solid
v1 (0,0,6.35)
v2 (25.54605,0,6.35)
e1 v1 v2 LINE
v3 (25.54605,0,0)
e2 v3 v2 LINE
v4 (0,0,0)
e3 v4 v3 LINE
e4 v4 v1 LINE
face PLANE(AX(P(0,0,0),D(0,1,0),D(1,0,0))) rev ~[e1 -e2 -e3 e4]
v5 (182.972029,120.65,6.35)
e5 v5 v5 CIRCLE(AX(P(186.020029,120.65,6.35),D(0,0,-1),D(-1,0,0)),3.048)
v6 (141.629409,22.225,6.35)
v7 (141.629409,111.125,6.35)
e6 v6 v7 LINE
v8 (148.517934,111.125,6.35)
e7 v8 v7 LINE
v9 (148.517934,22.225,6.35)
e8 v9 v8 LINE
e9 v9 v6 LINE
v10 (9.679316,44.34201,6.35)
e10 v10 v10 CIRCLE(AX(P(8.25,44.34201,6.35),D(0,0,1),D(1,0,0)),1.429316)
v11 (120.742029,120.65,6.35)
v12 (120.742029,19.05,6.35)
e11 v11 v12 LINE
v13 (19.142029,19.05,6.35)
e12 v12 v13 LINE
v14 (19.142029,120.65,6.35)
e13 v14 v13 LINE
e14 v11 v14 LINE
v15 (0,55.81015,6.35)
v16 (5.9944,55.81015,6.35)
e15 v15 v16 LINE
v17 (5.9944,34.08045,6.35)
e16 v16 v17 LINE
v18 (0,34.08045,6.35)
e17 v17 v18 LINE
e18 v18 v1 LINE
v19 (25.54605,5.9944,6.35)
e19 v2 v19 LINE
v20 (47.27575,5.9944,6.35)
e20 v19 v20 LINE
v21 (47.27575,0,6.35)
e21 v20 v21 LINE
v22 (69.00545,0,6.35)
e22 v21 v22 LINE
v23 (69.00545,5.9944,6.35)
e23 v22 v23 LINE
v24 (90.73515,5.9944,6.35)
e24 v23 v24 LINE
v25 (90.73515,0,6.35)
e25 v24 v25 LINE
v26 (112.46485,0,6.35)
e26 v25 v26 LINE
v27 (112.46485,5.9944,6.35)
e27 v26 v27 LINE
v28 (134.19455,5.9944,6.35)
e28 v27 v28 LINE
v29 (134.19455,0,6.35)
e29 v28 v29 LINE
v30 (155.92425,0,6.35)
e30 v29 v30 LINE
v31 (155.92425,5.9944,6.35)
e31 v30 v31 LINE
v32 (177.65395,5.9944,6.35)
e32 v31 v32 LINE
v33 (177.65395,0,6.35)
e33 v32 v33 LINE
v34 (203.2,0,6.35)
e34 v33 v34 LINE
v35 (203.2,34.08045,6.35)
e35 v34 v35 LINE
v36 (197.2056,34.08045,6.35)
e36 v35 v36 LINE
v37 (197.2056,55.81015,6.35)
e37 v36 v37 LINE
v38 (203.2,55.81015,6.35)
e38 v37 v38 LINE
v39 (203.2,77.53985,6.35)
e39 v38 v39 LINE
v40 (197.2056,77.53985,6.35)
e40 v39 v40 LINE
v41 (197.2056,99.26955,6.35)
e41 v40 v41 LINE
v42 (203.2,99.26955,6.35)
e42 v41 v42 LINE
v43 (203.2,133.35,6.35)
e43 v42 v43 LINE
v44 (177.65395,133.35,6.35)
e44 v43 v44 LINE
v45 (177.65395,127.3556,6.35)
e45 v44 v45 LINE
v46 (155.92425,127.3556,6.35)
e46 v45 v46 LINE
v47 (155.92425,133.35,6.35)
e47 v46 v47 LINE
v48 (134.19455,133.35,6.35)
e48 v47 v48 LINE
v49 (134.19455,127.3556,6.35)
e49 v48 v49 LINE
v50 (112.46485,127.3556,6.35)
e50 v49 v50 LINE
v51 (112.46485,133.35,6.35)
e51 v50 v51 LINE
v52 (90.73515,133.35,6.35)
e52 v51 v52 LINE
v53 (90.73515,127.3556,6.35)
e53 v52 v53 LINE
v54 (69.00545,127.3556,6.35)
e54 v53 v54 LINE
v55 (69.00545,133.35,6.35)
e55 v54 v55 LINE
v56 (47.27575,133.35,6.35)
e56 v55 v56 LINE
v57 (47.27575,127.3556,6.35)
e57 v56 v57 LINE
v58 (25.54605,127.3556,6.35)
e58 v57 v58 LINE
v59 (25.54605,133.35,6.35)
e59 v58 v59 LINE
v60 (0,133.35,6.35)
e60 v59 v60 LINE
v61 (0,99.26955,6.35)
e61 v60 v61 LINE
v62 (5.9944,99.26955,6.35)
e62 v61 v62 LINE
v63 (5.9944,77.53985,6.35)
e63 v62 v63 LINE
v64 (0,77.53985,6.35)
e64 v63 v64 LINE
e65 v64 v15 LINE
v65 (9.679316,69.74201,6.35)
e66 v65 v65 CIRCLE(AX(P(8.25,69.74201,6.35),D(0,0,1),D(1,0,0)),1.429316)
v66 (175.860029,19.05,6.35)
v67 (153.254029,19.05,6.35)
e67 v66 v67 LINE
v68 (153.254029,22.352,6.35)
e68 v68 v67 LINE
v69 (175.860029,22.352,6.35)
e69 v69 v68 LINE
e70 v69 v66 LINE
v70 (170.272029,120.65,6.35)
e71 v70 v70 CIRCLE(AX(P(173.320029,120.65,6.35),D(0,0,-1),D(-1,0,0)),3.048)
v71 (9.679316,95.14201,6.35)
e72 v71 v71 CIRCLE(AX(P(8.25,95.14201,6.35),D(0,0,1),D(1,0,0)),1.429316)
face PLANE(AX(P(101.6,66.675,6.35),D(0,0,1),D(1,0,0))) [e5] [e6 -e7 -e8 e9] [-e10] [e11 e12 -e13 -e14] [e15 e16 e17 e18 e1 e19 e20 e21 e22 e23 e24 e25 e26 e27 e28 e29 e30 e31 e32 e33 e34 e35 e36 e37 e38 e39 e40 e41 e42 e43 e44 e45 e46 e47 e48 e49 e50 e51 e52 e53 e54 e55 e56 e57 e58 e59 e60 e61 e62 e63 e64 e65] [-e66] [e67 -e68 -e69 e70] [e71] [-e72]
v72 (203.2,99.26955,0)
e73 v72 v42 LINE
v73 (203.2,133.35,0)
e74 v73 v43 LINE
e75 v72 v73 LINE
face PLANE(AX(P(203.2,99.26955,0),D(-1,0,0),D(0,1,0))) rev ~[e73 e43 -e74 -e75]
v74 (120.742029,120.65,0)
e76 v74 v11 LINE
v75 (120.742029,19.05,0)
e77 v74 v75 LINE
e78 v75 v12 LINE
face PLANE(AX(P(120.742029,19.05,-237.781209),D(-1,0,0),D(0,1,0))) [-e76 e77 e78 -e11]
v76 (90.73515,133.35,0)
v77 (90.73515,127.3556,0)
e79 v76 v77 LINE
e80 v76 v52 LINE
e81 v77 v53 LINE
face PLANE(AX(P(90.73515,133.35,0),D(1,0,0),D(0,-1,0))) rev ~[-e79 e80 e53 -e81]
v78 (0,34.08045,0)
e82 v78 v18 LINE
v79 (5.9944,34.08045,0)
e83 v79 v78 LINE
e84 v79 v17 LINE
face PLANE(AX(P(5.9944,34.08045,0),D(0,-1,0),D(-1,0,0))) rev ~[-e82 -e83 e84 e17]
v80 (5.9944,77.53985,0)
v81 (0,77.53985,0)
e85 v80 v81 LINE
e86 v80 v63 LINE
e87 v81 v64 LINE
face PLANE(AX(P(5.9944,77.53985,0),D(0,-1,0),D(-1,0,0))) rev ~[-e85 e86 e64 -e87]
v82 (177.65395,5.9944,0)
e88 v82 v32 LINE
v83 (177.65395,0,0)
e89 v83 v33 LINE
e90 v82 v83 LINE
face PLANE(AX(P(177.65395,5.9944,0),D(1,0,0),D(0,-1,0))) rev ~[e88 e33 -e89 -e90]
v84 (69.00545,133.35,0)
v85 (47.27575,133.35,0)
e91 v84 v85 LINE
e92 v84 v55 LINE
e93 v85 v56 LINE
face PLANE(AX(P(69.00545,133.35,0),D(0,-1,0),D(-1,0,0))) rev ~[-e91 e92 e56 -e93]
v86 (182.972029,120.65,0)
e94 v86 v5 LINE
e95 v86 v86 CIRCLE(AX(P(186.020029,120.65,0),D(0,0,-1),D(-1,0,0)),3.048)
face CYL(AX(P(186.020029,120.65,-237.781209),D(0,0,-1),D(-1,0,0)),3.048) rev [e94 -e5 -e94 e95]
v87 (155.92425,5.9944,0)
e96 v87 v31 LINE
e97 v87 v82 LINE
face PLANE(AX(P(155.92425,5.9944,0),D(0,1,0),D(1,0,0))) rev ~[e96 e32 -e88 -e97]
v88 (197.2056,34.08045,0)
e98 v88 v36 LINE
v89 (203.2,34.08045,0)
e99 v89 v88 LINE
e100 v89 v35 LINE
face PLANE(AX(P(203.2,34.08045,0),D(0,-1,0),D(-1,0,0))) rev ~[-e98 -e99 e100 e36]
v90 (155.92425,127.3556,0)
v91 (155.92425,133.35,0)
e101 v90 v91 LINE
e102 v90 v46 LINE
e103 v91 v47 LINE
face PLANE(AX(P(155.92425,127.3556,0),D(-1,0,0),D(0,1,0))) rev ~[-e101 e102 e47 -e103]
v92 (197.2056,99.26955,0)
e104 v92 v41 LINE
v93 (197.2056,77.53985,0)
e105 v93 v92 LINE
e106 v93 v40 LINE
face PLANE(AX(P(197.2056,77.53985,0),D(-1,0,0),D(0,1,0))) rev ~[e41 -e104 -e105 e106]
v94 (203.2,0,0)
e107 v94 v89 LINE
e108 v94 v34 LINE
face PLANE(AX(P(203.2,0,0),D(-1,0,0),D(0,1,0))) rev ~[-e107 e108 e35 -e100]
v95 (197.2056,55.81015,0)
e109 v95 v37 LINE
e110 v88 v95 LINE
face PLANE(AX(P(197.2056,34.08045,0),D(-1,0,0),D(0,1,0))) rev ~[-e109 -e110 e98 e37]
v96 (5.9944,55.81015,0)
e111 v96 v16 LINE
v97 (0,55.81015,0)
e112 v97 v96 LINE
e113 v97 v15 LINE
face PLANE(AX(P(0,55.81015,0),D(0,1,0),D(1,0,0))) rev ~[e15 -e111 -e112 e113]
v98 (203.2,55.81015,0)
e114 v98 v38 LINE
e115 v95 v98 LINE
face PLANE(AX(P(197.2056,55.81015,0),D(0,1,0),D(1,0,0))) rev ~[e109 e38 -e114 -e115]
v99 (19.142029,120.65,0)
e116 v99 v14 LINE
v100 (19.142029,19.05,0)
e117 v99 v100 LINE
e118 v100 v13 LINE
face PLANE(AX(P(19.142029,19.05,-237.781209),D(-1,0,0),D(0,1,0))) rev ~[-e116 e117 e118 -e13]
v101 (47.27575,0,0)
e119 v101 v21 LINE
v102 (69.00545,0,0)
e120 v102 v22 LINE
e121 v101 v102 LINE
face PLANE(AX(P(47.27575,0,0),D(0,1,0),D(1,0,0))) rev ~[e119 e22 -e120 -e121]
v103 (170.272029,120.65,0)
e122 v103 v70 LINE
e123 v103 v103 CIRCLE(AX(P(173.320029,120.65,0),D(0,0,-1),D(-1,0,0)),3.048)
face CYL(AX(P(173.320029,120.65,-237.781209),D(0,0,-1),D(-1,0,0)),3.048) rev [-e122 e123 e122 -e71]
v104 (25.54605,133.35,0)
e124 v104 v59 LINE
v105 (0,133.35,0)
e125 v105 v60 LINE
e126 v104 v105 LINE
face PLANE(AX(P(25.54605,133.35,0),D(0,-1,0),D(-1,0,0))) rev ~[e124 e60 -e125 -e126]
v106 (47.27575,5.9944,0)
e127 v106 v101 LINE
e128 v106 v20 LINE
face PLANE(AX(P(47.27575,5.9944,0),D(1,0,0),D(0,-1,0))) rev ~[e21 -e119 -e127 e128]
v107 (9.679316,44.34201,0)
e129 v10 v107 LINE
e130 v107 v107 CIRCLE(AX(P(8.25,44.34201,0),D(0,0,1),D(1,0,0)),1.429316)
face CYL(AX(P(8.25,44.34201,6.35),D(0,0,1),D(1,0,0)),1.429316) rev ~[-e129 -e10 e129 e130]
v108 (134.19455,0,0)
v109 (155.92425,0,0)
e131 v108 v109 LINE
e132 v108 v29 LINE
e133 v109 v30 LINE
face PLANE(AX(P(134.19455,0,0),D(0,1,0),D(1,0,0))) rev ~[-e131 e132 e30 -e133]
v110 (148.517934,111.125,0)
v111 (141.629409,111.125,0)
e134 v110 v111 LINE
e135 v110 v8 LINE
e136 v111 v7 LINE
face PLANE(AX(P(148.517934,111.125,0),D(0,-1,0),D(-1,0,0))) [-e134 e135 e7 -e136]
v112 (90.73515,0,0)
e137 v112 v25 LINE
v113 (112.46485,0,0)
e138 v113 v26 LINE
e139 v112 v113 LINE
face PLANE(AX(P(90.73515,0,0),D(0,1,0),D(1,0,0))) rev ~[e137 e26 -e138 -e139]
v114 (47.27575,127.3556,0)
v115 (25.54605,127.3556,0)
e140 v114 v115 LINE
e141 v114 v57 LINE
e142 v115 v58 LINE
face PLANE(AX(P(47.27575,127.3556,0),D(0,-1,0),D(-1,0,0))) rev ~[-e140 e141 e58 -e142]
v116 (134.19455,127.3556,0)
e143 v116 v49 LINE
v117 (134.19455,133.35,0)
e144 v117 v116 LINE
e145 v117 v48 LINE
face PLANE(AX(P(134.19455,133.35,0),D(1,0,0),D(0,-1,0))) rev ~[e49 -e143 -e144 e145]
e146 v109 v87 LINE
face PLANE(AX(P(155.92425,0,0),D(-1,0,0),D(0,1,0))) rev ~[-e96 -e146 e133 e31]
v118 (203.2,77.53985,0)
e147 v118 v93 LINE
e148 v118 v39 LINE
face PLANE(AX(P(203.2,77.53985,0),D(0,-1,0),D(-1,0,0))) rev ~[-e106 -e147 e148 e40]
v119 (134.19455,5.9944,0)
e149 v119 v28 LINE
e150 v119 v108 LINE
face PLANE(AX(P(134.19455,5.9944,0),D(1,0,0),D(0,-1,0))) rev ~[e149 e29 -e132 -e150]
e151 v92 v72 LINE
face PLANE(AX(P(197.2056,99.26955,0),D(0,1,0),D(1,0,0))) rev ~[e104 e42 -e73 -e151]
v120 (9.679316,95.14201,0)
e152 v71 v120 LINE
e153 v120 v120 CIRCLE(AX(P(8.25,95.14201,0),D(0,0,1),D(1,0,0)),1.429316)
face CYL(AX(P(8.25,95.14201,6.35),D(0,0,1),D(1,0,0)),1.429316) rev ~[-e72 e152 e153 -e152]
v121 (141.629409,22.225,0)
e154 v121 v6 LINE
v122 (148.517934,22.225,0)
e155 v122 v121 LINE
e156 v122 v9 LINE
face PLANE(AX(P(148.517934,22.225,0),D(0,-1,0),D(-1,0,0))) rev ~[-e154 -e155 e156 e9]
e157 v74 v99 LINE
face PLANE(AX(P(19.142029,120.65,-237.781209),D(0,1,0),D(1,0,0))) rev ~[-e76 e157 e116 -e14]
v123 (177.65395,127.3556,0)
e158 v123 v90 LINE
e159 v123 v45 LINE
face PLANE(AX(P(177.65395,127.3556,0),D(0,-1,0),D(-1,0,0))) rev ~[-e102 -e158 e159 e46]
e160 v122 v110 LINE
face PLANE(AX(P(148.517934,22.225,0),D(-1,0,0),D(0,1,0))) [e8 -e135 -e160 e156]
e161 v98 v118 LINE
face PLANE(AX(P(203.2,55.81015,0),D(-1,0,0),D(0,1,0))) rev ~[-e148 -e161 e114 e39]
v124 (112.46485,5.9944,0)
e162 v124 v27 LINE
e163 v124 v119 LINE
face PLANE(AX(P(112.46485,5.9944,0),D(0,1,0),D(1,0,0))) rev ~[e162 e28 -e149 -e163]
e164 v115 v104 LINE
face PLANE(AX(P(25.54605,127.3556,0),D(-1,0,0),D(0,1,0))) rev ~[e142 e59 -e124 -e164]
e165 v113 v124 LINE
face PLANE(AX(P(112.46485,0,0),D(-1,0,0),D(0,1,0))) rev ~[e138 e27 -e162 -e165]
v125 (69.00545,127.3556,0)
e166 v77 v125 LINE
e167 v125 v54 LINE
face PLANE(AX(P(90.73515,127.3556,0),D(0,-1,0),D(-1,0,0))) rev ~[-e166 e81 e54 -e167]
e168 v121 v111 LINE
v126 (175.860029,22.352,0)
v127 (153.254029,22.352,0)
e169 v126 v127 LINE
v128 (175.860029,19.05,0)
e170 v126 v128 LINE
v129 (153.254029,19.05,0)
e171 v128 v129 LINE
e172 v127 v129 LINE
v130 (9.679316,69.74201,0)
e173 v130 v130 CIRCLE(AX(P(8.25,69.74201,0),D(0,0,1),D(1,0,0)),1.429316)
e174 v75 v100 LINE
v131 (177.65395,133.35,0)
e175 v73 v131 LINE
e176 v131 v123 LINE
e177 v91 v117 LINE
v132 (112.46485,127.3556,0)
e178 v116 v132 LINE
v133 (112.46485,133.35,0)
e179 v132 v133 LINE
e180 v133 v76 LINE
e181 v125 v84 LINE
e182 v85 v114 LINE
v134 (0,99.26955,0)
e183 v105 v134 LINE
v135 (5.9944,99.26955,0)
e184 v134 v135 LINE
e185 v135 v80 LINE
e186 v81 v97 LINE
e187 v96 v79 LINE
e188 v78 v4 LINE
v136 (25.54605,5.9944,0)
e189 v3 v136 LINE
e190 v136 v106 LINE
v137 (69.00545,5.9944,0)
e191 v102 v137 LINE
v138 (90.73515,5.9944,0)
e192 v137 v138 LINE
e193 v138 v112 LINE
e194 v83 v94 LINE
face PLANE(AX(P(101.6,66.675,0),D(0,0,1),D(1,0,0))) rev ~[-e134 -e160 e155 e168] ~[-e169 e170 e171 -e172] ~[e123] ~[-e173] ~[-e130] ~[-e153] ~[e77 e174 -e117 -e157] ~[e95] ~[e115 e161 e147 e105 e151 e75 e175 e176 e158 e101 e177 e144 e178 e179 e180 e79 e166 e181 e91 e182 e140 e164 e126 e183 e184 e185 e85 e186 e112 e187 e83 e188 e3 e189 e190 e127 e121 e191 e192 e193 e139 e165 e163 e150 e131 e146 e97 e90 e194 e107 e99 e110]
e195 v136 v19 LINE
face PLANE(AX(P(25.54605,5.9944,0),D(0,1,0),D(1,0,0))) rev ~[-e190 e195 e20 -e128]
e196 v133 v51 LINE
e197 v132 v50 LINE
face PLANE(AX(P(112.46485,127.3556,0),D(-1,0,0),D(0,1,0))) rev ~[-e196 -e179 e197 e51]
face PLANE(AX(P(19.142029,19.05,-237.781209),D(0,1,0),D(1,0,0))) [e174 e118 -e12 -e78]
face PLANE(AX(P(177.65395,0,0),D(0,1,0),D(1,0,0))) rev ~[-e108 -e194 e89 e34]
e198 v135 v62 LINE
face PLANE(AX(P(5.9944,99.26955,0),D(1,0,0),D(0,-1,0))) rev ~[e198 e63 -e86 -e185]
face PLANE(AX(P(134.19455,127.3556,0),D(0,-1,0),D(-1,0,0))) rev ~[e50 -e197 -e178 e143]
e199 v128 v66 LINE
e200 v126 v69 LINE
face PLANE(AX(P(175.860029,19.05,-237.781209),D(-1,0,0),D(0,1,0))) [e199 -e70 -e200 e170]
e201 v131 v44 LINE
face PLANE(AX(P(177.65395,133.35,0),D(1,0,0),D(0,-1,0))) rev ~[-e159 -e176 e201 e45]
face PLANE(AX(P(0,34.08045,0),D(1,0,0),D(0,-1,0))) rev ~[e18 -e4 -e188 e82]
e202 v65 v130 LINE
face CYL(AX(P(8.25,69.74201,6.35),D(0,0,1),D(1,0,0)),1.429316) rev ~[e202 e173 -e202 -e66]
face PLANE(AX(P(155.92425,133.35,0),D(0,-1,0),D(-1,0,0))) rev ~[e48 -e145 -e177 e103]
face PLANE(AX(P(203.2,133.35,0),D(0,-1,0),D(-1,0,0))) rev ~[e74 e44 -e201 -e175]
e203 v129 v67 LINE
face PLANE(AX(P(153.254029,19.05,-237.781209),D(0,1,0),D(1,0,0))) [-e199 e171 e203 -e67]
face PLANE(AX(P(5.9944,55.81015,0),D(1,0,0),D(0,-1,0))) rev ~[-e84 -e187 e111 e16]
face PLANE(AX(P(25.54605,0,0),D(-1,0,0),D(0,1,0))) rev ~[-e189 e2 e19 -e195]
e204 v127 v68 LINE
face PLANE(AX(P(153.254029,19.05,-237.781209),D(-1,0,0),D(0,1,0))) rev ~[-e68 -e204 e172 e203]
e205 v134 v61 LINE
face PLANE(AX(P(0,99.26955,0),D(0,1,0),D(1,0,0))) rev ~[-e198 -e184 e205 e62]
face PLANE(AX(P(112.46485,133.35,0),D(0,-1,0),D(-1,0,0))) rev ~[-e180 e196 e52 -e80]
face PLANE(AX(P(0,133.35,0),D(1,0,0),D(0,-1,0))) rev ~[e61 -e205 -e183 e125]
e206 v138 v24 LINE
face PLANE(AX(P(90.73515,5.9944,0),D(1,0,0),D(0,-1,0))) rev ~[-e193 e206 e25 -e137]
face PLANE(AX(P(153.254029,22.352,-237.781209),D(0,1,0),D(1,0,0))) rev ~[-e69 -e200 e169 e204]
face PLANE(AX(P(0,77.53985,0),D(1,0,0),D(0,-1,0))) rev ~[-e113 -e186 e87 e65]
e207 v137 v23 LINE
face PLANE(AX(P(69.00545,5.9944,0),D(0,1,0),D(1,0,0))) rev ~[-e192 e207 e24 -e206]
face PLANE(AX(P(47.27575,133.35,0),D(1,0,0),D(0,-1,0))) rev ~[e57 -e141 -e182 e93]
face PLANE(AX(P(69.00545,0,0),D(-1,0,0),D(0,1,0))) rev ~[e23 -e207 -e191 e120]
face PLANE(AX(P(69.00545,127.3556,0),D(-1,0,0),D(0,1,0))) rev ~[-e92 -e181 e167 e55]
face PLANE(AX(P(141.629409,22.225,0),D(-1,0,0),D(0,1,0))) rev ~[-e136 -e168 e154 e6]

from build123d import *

# Parameters (mm, degrees)
BOSS_EXTRUDE1_DEPTH     = 6.35
CUT_EXTRUDE1_DEPTH      = 244.131209432
CUT_EXTRUDE1_DEPTH_BACK = 244.131209432
SKETCH4_W               = 101.6
SKETCH4_H               = 101.6
SKETCH4_W_2             = 22.606
SKETCH4_H_2             = 3.302
SKETCH5_W               = 6.888524177
SKETCH5_H               = 88.9
CUT_EXTRUDE2_DEPTH      = 6.35
SKETCH6_R               = 1.429315601
CUT_EXTRUDE3_DEPTH      = 13.97


with BuildPart() as part:
    # Sketch3 → Boss-Extrude1 (new body)
    with BuildSketch(Plane.XY):
        Polygon((0, 77.53985), (0, 55.81015), (5.9944, 55.81015), (5.9944, 34.08045), (0, 34.08045), (0, 12.35075), (0, 0), (25.54605, 0), (25.54605, 5.9944), (47.27575, 5.9944), (47.27575, 0), (69.00545, 0), (69.00545, 5.9944), (90.73515, 5.9944), (90.73515, 0), (112.46485, 0), (112.46485, 5.9944), (134.19455, 5.9944), (134.19455, 0), (155.92425, 0), (155.92425, 5.9944), (177.65395, 5.9944), (177.65395, 0), (203.2, 0), (203.2, 34.08045), (197.2056, 34.08045), (197.2056, 55.81015), (203.2, 55.81015), (203.2, 77.53985), (197.2056, 77.53985), (197.2056, 99.26955), (203.2, 99.26955), (203.2, 120.99925), (203.2, 133.35), (177.65395, 133.35), (177.65395, 127.3556), (155.92425, 127.3556), (155.92425, 133.35), (134.19455, 133.35), (134.19455, 127.3556), (112.46485, 127.3556), (112.46485, 133.35), (90.73515, 133.35), (90.73515, 127.3556), (69.00545, 127.3556), (69.00545, 133.35), (47.27575, 133.35), (47.27575, 127.3556), (25.54605, 127.3556), (25.54605, 133.35), (0, 133.35), (0, 99.26955), (5.9944, 99.26955), (5.9944, 77.53985), align=None)
    extrude(amount=BOSS_EXTRUDE1_DEPTH)

    # Sketch4 → Cut-Extrude1 (cut, two sides: drawn at the far end of the back side and taken through both)
    with BuildSketch(Plane.XY.offset(6.35).offset(-CUT_EXTRUDE1_DEPTH_BACK)):
        with Locations((69.942028986, 69.85)):
            Rectangle(SKETCH4_W, SKETCH4_H)
        with BuildLine():
            ThreePointArc((189.068028986, 120.65), (186.020028986, 123.698), (182.972028986, 120.65))
            Line((182.972028986, 120.65), (189.068028986, 120.65))
        make_face()
        with BuildLine():
            Line((189.068028986, 120.65), (182.972028986, 120.65))
            ThreePointArc((182.972028986, 120.65), (186.020028986, 117.602), (189.068028986, 120.65))
        make_face()
        with BuildLine():
            ThreePointArc((176.368028986, 120.65), (173.320028986, 123.698), (170.272028986, 120.65))
            Line((170.272028986, 120.65), (176.368028986, 120.65))
        make_face()
        with BuildLine():
            Line((176.368028986, 120.65), (170.272028986, 120.65))
            ThreePointArc((170.272028986, 120.65), (173.320028986, 117.602), (176.368028986, 120.65))
        make_face()
        with Locations((164.557028986, 20.701)):
            Rectangle(SKETCH4_W_2, SKETCH4_H_2)
    extrude(amount=CUT_EXTRUDE1_DEPTH + CUT_EXTRUDE1_DEPTH_BACK, mode=Mode.SUBTRACT)

    # Sketch5 → Cut-Extrude2 (cut)
    with BuildSketch(Plane(origin=(0, 0, 0), x_dir=(-1, 0, 0), z_dir=(0, 0, -1))):
        with Locations((-145.073671488, 66.675)):
            Rectangle(SKETCH5_W, SKETCH5_H)
    extrude(amount=-CUT_EXTRUDE2_DEPTH, mode=Mode.SUBTRACT)

    # Sketch6 → Cut-Extrude3 (cut)
    with BuildSketch(Plane.XY.offset(6.35)):
        with Locations((8.25, 95.142010497)):
            Circle(SKETCH6_R)
        with Locations((8.25, 69.742010497)):
            Circle(SKETCH6_R)
        with Locations((8.25, 44.342010497)):
            Circle(SKETCH6_R)
    extrude(amount=-CUT_EXTRUDE3_DEPTH, mode=Mode.SUBTRACT)


solid = part.part
